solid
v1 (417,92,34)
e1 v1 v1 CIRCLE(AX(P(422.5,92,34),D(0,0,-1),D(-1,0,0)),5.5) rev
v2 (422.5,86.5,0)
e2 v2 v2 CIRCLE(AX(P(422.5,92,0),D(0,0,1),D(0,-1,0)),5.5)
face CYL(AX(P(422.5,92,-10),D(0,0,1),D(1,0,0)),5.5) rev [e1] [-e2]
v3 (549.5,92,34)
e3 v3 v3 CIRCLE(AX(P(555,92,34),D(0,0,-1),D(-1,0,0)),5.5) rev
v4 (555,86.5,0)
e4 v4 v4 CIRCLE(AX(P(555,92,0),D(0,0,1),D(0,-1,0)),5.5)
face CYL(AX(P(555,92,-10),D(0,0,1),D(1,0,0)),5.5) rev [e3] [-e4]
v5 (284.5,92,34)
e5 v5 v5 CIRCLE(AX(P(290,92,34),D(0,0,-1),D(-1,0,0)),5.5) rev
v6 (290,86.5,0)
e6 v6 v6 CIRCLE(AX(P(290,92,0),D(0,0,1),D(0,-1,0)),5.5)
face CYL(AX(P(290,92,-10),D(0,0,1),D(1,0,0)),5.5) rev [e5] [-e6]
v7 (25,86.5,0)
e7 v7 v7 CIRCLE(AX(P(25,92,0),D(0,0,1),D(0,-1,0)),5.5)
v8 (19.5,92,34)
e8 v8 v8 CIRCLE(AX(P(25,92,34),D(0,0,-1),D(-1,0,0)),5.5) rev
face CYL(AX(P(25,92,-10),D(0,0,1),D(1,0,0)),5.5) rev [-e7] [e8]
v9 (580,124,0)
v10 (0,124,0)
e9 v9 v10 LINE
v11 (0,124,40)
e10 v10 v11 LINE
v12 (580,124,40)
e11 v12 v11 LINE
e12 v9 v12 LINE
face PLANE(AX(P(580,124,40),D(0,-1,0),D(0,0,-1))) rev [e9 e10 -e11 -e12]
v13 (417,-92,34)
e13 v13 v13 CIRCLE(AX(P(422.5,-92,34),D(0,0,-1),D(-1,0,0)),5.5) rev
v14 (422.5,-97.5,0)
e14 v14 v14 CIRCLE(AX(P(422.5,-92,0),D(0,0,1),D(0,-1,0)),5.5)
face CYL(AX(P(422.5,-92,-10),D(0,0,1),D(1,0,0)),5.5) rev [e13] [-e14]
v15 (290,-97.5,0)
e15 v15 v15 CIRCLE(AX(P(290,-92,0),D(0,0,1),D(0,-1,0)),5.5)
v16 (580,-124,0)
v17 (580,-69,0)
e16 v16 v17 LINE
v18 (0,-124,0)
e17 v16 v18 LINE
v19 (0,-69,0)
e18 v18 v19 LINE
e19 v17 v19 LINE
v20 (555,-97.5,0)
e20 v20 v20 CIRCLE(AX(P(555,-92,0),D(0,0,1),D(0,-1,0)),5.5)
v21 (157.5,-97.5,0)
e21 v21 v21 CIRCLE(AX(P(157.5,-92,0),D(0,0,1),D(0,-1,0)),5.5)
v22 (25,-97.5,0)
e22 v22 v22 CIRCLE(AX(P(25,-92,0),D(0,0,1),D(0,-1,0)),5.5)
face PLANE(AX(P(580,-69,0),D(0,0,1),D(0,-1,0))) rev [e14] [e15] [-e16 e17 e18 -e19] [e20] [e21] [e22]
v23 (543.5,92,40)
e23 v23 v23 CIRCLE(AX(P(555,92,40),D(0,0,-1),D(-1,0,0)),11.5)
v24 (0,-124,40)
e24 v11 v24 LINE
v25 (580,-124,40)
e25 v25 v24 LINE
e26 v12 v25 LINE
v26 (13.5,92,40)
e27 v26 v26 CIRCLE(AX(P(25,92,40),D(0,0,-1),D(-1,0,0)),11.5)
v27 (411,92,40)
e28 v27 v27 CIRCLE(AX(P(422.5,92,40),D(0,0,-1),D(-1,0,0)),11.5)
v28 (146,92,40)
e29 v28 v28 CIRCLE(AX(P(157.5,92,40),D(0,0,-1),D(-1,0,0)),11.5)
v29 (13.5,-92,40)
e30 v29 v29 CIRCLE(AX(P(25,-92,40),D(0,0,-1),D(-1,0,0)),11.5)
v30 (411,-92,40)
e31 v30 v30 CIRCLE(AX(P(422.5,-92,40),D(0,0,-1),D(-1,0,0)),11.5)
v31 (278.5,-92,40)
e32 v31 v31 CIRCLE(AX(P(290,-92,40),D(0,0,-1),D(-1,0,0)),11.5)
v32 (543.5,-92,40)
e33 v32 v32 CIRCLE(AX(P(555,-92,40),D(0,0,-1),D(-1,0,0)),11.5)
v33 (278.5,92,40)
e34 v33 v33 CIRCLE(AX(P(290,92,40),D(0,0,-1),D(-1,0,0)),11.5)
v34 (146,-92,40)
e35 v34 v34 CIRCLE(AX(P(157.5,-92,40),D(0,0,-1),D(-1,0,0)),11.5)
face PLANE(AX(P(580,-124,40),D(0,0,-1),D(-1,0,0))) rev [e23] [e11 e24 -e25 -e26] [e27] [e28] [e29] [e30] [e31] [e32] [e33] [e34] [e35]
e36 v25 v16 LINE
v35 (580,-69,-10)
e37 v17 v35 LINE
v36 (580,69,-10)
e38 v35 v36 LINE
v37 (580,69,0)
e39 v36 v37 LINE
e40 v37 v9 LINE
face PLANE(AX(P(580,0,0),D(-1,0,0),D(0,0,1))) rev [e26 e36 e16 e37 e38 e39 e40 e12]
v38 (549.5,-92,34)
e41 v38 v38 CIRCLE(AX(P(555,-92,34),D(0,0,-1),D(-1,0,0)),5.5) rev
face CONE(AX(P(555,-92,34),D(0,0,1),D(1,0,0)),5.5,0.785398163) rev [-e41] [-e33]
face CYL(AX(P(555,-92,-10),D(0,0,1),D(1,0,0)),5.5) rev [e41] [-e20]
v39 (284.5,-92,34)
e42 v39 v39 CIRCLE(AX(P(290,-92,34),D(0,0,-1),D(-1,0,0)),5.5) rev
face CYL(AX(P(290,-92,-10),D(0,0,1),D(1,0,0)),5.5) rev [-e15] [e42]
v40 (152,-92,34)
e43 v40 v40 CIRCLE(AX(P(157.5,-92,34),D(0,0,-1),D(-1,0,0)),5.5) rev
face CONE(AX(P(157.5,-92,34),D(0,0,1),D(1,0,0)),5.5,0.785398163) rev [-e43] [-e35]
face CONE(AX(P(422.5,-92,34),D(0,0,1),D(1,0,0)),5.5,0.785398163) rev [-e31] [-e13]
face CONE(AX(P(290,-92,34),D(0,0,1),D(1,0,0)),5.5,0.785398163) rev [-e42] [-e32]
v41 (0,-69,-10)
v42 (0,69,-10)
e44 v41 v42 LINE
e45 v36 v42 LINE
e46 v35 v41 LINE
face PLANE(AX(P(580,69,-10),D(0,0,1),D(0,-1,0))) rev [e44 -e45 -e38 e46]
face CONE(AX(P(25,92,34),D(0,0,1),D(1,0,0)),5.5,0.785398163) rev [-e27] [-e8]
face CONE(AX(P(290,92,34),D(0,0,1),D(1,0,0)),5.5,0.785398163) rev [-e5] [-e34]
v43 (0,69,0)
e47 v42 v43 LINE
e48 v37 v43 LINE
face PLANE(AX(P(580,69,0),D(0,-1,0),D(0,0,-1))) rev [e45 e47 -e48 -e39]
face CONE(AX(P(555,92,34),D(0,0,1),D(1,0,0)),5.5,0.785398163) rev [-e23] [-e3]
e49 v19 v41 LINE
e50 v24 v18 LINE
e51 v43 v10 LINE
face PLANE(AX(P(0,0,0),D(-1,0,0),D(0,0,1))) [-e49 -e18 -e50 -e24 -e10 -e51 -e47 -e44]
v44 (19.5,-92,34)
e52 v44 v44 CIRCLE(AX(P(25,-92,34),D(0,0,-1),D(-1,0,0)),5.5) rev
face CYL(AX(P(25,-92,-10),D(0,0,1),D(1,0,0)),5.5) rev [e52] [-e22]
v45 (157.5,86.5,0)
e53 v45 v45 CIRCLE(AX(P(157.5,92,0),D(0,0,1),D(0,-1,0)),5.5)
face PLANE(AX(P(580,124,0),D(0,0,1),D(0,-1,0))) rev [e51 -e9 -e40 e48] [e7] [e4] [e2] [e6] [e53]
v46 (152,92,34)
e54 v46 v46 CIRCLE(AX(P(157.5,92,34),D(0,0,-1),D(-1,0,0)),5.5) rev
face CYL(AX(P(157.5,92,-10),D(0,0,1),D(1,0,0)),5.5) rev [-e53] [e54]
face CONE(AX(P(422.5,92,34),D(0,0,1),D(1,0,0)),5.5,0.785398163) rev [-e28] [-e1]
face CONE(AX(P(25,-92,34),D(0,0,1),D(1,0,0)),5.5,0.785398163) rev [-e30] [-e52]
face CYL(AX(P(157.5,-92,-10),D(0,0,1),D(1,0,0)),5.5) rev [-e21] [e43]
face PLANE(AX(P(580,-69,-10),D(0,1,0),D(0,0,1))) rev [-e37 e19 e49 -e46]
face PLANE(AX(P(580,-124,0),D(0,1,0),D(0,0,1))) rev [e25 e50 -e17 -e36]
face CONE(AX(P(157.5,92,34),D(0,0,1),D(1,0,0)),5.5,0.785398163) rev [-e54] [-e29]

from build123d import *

# Parameters (mm, degrees)
BOSS_EXTRUDE1_DEPTH = 580
SKETCH2_R           = 5.5
CUT_EXTRUDE1_DEPTH  = 596.210886997
CHAMFER1_SIZE       = 6


with BuildPart() as part:
    # Sketch1 → Boss-Extrude1 (new body)
    with BuildSketch(Plane(origin=(0, 0, 0), x_dir=(0, 0, -1), z_dir=(1, 0, 0))):
        Polygon((0, -124), (-40, -124), (-40, 124), (0, 124), (0, 69), (10, 69), (10, -69), (0, -69), align=None)
    extrude(amount=BOSS_EXTRUDE1_DEPTH)

    # Sketch2 → Cut-Extrude1 (cut, through all)
    with BuildSketch(Plane.XY.offset(40)):
        with Locations((25, 92)):
            Circle(SKETCH2_R)
        with Locations((157.5, 92)):
            Circle(SKETCH2_R)
        with Locations(Location((422.5, 92, 0), (0, 0, 270))):
            Circle(SKETCH2_R)
        with Locations(Location((555, 92, 0), (0, 0, 270))):
            Circle(SKETCH2_R)
        with Locations((290, 92)):
            Circle(SKETCH2_R)
        with Locations((555, -92)):
            Circle(SKETCH2_R)
        with Locations((422.5, -92)):
            Circle(SKETCH2_R)
        with Locations(Location((290, -92, 0), (0, 0, 270))):
            Circle(SKETCH2_R)
        with Locations(Location((157.5, -92, 0), (0, 0, 270))):
            Circle(SKETCH2_R)
        with Locations(Location((25, -92, 0), (0, 0, 270))):
            Circle(SKETCH2_R)
    extrude(amount=-CUT_EXTRUDE1_DEPTH, mode=Mode.SUBTRACT)

    # Chamfer1
    chamfer1_edges = [part.edges().sort_by_distance(p)[0] for p in [
        (25, -86.5, 40),
        (157.5, -86.5, 40),
        (290, -86.5, 40),
        (417, -92, 40),
        (549.5, -92, 40),
        (152, 92, 40),
        (422.5, 97.5, 40),
        (555, 97.5, 40),
        (284.5, 92, 40),
        (19.5, 92, 40),
    ]]
    chamfer(chamfer1_edges, length=CHAMFER1_SIZE)


solid = part.part
